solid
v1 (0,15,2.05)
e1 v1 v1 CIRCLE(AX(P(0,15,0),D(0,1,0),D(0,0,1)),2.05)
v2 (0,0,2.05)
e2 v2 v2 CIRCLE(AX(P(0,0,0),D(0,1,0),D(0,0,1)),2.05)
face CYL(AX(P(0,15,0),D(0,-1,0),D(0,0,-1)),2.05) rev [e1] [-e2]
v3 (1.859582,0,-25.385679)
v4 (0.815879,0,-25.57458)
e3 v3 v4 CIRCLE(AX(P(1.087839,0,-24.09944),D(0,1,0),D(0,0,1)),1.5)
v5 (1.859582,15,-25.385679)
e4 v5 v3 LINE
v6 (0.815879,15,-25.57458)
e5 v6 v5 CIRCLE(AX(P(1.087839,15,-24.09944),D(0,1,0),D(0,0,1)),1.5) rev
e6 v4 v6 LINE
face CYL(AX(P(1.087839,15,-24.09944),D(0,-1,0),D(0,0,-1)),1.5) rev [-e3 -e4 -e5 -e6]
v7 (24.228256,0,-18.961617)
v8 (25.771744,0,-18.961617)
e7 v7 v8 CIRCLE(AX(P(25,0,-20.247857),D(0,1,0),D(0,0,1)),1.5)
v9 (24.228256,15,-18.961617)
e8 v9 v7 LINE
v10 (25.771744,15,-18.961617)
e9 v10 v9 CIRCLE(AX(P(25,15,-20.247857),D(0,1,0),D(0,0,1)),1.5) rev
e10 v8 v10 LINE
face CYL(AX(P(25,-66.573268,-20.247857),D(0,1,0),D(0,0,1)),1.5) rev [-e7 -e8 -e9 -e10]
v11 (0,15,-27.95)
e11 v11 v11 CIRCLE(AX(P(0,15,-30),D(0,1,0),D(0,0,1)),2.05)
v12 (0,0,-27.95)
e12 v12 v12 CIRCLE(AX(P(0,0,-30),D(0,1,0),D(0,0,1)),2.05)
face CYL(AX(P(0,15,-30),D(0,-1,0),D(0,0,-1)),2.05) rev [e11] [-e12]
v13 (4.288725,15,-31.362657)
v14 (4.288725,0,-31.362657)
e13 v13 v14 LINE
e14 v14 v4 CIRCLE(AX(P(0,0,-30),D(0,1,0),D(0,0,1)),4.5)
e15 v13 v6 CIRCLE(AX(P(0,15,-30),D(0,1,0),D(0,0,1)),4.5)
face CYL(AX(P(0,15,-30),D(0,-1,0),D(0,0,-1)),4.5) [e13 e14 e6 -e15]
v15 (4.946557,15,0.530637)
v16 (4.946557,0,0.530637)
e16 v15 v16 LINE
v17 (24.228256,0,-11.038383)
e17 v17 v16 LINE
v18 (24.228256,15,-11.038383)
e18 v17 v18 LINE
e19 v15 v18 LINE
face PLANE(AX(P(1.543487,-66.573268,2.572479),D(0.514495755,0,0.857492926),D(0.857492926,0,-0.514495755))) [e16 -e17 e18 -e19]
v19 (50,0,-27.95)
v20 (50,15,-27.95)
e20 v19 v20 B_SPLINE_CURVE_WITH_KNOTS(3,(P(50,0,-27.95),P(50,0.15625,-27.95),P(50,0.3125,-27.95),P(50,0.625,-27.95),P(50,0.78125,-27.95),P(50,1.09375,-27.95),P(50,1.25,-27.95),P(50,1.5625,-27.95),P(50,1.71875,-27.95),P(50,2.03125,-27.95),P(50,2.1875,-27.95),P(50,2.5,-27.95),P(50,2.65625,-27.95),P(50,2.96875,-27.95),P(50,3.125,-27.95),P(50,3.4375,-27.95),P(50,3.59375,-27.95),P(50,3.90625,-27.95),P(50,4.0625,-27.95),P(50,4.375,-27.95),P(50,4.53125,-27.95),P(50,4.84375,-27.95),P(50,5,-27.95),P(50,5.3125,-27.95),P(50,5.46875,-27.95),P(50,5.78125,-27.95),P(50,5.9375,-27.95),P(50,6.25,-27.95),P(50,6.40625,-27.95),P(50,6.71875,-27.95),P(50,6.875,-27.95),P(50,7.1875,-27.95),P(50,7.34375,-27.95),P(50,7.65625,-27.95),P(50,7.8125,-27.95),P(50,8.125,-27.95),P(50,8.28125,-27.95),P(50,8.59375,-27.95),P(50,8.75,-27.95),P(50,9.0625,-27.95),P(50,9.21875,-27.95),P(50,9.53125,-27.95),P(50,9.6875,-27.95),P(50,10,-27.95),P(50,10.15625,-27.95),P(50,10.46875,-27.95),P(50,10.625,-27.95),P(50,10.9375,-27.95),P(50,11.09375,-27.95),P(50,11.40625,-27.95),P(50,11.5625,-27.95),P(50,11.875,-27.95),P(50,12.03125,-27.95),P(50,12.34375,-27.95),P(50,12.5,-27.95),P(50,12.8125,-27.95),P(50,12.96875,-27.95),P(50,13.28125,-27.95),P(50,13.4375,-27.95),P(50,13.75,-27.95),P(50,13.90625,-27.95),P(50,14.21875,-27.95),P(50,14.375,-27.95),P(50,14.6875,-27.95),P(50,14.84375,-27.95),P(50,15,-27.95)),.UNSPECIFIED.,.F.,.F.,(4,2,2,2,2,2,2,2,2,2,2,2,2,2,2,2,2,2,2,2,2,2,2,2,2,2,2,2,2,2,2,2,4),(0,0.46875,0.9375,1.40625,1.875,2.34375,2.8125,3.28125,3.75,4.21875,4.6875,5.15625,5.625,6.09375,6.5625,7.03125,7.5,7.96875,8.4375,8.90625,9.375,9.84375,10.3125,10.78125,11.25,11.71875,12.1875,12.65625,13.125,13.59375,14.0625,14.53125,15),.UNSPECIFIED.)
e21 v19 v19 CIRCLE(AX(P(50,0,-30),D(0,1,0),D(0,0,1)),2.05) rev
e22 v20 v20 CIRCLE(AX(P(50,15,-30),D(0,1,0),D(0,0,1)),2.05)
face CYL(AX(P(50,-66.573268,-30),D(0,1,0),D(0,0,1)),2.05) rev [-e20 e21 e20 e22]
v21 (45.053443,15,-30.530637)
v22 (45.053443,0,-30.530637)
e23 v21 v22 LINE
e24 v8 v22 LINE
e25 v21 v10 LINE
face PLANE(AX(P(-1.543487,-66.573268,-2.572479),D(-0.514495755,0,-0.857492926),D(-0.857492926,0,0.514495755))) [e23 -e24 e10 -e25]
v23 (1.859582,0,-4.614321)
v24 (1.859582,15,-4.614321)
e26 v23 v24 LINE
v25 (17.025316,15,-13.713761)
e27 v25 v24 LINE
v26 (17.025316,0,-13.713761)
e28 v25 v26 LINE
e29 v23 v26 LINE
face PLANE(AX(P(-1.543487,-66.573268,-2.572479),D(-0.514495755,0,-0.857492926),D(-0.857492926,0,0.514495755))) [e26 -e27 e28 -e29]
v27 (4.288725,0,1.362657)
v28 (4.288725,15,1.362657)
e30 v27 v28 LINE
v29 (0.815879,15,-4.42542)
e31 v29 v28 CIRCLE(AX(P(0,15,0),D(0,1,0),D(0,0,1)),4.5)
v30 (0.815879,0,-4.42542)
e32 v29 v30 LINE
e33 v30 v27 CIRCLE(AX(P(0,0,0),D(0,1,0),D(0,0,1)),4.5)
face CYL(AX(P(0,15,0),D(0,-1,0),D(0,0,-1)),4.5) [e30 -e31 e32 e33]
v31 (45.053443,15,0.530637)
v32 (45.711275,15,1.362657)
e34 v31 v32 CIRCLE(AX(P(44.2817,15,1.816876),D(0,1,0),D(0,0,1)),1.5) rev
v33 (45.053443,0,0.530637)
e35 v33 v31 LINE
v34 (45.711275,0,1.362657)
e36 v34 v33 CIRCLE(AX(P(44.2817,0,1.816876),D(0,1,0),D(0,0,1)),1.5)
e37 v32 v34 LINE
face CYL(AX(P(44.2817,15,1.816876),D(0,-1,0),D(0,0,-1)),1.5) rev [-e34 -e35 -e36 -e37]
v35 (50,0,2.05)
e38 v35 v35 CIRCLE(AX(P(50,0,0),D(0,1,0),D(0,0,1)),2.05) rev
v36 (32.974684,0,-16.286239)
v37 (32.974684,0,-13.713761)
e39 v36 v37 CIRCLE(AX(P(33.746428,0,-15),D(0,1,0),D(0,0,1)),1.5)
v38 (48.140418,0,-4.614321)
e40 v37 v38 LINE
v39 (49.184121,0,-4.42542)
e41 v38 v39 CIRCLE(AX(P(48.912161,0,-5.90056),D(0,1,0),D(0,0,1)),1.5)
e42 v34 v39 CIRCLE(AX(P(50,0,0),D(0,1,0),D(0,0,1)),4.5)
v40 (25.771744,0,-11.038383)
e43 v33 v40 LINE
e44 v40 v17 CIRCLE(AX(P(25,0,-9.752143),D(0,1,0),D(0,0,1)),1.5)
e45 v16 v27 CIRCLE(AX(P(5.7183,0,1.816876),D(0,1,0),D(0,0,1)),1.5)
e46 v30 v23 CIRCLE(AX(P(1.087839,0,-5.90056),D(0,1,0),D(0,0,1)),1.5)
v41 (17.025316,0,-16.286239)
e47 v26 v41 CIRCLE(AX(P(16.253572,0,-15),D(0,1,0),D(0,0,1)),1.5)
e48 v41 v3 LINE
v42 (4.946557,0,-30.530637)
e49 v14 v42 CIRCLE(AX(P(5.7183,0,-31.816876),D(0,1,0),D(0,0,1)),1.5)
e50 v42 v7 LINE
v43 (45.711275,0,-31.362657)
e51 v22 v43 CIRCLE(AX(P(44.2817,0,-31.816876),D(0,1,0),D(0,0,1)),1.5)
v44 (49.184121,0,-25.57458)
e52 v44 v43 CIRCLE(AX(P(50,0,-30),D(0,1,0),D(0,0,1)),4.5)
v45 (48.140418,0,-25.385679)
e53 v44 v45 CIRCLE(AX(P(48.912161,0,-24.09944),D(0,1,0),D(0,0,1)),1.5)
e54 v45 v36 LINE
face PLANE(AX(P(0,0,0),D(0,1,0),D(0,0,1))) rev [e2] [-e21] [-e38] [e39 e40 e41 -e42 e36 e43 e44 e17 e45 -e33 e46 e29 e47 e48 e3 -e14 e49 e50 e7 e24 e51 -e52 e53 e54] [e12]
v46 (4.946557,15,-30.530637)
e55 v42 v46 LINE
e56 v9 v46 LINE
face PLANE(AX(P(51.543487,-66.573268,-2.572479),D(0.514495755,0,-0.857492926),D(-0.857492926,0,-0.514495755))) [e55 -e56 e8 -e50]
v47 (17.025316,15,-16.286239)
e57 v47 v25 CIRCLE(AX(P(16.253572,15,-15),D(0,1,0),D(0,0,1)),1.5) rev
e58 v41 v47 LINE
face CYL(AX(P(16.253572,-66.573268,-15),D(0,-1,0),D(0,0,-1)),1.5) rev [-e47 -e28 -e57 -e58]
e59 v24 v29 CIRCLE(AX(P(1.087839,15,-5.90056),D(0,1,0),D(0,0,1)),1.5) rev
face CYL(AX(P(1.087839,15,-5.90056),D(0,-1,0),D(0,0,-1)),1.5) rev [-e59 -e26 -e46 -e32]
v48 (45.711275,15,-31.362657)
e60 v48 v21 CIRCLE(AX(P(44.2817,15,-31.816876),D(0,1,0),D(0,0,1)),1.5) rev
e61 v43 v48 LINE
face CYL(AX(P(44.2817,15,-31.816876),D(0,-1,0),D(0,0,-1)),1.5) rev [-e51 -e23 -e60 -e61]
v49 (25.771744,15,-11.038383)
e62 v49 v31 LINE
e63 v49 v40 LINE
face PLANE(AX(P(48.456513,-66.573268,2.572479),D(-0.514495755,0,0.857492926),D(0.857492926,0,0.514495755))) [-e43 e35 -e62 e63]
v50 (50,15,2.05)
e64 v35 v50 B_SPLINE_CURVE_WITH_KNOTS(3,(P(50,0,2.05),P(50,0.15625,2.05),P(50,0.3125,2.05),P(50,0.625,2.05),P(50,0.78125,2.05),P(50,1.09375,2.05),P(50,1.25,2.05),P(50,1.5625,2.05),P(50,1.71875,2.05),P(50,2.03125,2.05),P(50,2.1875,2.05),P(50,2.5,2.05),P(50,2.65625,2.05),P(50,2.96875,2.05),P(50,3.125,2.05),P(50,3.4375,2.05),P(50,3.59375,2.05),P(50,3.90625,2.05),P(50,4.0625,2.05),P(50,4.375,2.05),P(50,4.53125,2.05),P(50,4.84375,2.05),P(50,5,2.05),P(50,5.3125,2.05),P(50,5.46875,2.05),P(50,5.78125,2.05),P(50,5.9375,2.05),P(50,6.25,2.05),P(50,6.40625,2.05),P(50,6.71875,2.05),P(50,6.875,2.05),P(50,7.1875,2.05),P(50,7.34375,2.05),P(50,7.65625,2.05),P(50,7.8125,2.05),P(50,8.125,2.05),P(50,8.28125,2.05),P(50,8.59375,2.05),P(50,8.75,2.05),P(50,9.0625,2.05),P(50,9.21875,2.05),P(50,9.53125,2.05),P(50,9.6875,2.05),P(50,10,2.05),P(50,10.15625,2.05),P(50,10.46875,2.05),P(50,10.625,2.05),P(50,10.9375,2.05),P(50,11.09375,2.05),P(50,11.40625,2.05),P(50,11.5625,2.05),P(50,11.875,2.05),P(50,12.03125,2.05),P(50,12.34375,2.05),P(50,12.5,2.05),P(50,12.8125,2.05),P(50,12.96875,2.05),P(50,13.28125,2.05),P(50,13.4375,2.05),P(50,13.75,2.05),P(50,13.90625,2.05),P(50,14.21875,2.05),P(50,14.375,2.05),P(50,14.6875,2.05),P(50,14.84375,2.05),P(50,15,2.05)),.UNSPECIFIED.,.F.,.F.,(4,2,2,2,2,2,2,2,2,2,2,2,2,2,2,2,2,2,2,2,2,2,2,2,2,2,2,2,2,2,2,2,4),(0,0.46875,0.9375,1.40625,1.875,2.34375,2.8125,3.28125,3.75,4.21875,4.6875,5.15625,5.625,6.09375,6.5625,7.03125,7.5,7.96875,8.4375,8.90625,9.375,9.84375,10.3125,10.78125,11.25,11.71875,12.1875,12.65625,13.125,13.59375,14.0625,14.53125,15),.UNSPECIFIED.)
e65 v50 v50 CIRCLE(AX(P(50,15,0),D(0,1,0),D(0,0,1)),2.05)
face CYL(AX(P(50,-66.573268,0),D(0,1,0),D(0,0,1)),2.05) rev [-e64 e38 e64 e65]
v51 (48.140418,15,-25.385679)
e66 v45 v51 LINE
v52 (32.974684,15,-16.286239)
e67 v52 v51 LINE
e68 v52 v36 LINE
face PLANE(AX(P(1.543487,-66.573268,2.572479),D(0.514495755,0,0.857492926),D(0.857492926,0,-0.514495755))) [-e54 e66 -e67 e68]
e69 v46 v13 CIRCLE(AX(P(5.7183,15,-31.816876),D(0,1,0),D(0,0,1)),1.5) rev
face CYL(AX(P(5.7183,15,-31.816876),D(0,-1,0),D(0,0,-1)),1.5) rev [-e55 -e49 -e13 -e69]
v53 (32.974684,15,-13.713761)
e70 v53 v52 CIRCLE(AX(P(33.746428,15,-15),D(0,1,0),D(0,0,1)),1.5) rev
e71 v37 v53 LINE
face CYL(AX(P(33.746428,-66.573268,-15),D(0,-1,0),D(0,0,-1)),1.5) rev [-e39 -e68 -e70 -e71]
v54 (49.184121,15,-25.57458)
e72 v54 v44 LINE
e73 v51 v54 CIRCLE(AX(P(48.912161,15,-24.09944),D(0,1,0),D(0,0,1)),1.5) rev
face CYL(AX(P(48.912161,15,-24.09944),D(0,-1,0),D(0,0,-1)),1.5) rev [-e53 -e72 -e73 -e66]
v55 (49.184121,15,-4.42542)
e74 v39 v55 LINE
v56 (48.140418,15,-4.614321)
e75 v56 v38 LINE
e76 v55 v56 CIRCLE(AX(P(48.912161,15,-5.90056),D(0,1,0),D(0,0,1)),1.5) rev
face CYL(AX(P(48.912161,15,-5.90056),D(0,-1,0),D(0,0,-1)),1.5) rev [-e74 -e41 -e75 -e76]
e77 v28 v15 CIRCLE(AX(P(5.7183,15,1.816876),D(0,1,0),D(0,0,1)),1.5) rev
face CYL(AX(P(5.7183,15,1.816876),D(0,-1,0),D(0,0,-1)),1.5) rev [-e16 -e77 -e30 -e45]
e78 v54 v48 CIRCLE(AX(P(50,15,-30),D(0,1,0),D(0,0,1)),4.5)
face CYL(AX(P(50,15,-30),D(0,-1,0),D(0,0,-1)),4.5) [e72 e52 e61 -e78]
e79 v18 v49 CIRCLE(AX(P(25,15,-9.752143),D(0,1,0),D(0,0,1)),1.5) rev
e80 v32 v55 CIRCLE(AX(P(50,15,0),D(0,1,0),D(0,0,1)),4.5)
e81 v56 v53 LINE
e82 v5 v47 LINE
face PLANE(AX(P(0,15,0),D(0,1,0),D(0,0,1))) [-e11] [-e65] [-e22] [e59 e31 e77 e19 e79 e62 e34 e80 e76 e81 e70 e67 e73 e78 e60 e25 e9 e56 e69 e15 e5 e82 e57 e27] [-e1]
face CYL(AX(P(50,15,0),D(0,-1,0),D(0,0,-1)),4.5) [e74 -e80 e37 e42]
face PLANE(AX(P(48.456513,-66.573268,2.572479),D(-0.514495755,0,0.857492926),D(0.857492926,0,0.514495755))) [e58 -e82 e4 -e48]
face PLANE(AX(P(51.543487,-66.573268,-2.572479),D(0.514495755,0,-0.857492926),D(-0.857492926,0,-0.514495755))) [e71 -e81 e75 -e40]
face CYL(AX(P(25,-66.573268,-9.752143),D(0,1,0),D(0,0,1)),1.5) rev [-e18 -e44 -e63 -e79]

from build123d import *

# Parameters (mm, degrees)
SKETCH_1_R        = 4.5
SKETCH_1_R_2      = 2.05
EXTRUDE_1_DEPTH   = 15
EXTRUDE_1_2_DEPTH = 15
EXTRUDE_1_3_DEPTH = 15
EXTRUDE_1_4_DEPTH = 15
SKETCH_2_R        = 2.05
EXTRUDE_2_DEPTH   = 15
EXTRUDE_START     = -15
SKETCH_3_R        = 2.05
EXTRUDE_3_DEPTH   = 15
FILLET_1_R        = 1.5


with BuildPart() as part:
    # 草图1 → 凸台-拉伸1 (new body)
    with BuildSketch(Plane(origin=(0, 0, 0), x_dir=(1, 0, 0), z_dir=(0, 1, 0))):
        with Locations(Location((0, 0, 0), (0, 0, 270))):
            Circle(SKETCH_1_R)
        with Locations(Location((0, 0, 0), (0, 0, 270))):
            Circle(SKETCH_1_R_2, mode=Mode.SUBTRACT)
    extrude(amount=EXTRUDE_1_DEPTH)



with BuildPart() as body_2:
    # 草图1 → Extrude 1 2 (new body)
    with BuildSketch(Plane(origin=(0, 0, 0), x_dir=(1, 0, 0), z_dir=(0, 1, 0))):
        with Locations(Location((0, 30, 0), (0, 0, 270))):
            Circle(SKETCH_1_R)
        with Locations(Location((0, 30, 0), (0, 0, 270))):
            Circle(SKETCH_1_R_2, mode=Mode.SUBTRACT)
    extrude(amount=EXTRUDE_1_2_DEPTH)



with BuildPart() as body_3:
    # 草图1 → Extrude 1 3 (new body)
    with BuildSketch(Plane(origin=(0, 0, 0), x_dir=(1, 0, 0), z_dir=(0, 1, 0))):
        with Locations(Location((50, 30, 0), (0, 0, 270))):
            Circle(SKETCH_1_R)
        with Locations(Location((50, 30, 0), (0, 0, 270))):
            Circle(SKETCH_1_R_2, mode=Mode.SUBTRACT)
    extrude(amount=EXTRUDE_1_3_DEPTH)


with BuildPart() as body_4:
    # 草图1 → Extrude 1 4 (new body)
    with BuildSketch(Plane(origin=(0, 0, 0), x_dir=(1, 0, 0), z_dir=(0, 1, 0))):
        with Locations(Location((50, 0, 0), (0, 0, 270))):
            Circle(SKETCH_1_R)
        with Locations(Location((50, 0, 0), (0, 0, 270))):
            Circle(SKETCH_1_R_2, mode=Mode.SUBTRACT)
    extrude(amount=EXTRUDE_1_4_DEPTH)


with BuildPart() as body_2_1:
    add(body_2.part)

    add(body_4.part)  # 凸台-拉伸2 merges body 4
    # 草图2 → 凸台-拉伸2 (add)
    with BuildSketch(Plane(origin=(0, 15, 0), x_dir=(1, 0, 0), z_dir=(0, 1, 0))):
        with BuildLine():
            Line((51.543487266, 2.572478777), (1.543487266, 32.572478777))
            ThreePointArc((1.543487266, 32.572478777), (-2.572478777, 31.543487266), (-1.543487266, 27.427521223))
            Line((-1.543487266, 27.427521223), (48.456512734, -2.572478777))
            ThreePointArc((48.456512734, -2.572478777), (52.572478777, -1.543487266), (51.543487266, 2.572478777))
        make_face()
        with Locations(Location((0, 30, 0), (0, 0, 270))):
            Circle(SKETCH_2_R, mode=Mode.SUBTRACT)
        with Locations(Location((50, 0, 0), (0, 0, 270))):
            Circle(SKETCH_2_R, mode=Mode.SUBTRACT)
    extrude(amount=-EXTRUDE_2_DEPTH)


with BuildPart() as part_1:
    add(part.part)

    add(body_2_1.part)  # 凸台-拉伸3 merges body 2

    add(body_3.part)  # 凸台-拉伸3 merges body 3
    # 草图3 → 凸台-拉伸3 (add)
    with BuildSketch(Plane(origin=(0, 15, 0), x_dir=(1, 0, 0), z_dir=(0, 1, 0)).offset(EXTRUDE_START)):
        with BuildLine():
            Line((-1.543487266, 2.572478777), (48.456512734, 32.572478777))
            ThreePointArc((48.456512734, 32.572478777), (52.572478777, 31.543487266), (51.543487266, 27.427521223))
            Line((51.543487266, 27.427521223), (1.543487266, -2.572478777))
            ThreePointArc((1.543487266, -2.572478777), (-2.572478777, -1.543487266), (-1.543487266, 2.572478777))
        make_face()
        with Locations(Location((0, 0, 0), (0, 0, 270))):
            Circle(SKETCH_3_R, mode=Mode.SUBTRACT)
        with Locations(Location((50, 30, 0), (0, 0, 270))):
            Circle(SKETCH_3_R, mode=Mode.SUBTRACT)
    extrude(amount=EXTRUDE_3_DEPTH)

    # 圆角1
    fillet_1_edges = [part_1.edges().sort_by_distance(p)[0] for p in [
        (1.332631442, 7.5, -4.298150002),
        (4.419605974, 7.5, 0.846807552),
        (45.580394026, 7.5, -30.846807552),
        (48.667368558, 7.5, -25.701849998),
        (30.830951895, 7.5, -15),
        (48.667368558, 7.5, -4.298150002),
        (25, 7.5, -11.501428863),
        (45.580394026, 7.5, 0.846807552),
        (25, 7.5, -18.498571137),
        (19.169048105, 7.5, -15),
        (4.419605974, 7.5, -30.846807552),
        (1.332631442, 7.5, -25.701849998),
    ]]
    fillet(fillet_1_edges, radius=FILLET_1_R)


solid = part_1.part
